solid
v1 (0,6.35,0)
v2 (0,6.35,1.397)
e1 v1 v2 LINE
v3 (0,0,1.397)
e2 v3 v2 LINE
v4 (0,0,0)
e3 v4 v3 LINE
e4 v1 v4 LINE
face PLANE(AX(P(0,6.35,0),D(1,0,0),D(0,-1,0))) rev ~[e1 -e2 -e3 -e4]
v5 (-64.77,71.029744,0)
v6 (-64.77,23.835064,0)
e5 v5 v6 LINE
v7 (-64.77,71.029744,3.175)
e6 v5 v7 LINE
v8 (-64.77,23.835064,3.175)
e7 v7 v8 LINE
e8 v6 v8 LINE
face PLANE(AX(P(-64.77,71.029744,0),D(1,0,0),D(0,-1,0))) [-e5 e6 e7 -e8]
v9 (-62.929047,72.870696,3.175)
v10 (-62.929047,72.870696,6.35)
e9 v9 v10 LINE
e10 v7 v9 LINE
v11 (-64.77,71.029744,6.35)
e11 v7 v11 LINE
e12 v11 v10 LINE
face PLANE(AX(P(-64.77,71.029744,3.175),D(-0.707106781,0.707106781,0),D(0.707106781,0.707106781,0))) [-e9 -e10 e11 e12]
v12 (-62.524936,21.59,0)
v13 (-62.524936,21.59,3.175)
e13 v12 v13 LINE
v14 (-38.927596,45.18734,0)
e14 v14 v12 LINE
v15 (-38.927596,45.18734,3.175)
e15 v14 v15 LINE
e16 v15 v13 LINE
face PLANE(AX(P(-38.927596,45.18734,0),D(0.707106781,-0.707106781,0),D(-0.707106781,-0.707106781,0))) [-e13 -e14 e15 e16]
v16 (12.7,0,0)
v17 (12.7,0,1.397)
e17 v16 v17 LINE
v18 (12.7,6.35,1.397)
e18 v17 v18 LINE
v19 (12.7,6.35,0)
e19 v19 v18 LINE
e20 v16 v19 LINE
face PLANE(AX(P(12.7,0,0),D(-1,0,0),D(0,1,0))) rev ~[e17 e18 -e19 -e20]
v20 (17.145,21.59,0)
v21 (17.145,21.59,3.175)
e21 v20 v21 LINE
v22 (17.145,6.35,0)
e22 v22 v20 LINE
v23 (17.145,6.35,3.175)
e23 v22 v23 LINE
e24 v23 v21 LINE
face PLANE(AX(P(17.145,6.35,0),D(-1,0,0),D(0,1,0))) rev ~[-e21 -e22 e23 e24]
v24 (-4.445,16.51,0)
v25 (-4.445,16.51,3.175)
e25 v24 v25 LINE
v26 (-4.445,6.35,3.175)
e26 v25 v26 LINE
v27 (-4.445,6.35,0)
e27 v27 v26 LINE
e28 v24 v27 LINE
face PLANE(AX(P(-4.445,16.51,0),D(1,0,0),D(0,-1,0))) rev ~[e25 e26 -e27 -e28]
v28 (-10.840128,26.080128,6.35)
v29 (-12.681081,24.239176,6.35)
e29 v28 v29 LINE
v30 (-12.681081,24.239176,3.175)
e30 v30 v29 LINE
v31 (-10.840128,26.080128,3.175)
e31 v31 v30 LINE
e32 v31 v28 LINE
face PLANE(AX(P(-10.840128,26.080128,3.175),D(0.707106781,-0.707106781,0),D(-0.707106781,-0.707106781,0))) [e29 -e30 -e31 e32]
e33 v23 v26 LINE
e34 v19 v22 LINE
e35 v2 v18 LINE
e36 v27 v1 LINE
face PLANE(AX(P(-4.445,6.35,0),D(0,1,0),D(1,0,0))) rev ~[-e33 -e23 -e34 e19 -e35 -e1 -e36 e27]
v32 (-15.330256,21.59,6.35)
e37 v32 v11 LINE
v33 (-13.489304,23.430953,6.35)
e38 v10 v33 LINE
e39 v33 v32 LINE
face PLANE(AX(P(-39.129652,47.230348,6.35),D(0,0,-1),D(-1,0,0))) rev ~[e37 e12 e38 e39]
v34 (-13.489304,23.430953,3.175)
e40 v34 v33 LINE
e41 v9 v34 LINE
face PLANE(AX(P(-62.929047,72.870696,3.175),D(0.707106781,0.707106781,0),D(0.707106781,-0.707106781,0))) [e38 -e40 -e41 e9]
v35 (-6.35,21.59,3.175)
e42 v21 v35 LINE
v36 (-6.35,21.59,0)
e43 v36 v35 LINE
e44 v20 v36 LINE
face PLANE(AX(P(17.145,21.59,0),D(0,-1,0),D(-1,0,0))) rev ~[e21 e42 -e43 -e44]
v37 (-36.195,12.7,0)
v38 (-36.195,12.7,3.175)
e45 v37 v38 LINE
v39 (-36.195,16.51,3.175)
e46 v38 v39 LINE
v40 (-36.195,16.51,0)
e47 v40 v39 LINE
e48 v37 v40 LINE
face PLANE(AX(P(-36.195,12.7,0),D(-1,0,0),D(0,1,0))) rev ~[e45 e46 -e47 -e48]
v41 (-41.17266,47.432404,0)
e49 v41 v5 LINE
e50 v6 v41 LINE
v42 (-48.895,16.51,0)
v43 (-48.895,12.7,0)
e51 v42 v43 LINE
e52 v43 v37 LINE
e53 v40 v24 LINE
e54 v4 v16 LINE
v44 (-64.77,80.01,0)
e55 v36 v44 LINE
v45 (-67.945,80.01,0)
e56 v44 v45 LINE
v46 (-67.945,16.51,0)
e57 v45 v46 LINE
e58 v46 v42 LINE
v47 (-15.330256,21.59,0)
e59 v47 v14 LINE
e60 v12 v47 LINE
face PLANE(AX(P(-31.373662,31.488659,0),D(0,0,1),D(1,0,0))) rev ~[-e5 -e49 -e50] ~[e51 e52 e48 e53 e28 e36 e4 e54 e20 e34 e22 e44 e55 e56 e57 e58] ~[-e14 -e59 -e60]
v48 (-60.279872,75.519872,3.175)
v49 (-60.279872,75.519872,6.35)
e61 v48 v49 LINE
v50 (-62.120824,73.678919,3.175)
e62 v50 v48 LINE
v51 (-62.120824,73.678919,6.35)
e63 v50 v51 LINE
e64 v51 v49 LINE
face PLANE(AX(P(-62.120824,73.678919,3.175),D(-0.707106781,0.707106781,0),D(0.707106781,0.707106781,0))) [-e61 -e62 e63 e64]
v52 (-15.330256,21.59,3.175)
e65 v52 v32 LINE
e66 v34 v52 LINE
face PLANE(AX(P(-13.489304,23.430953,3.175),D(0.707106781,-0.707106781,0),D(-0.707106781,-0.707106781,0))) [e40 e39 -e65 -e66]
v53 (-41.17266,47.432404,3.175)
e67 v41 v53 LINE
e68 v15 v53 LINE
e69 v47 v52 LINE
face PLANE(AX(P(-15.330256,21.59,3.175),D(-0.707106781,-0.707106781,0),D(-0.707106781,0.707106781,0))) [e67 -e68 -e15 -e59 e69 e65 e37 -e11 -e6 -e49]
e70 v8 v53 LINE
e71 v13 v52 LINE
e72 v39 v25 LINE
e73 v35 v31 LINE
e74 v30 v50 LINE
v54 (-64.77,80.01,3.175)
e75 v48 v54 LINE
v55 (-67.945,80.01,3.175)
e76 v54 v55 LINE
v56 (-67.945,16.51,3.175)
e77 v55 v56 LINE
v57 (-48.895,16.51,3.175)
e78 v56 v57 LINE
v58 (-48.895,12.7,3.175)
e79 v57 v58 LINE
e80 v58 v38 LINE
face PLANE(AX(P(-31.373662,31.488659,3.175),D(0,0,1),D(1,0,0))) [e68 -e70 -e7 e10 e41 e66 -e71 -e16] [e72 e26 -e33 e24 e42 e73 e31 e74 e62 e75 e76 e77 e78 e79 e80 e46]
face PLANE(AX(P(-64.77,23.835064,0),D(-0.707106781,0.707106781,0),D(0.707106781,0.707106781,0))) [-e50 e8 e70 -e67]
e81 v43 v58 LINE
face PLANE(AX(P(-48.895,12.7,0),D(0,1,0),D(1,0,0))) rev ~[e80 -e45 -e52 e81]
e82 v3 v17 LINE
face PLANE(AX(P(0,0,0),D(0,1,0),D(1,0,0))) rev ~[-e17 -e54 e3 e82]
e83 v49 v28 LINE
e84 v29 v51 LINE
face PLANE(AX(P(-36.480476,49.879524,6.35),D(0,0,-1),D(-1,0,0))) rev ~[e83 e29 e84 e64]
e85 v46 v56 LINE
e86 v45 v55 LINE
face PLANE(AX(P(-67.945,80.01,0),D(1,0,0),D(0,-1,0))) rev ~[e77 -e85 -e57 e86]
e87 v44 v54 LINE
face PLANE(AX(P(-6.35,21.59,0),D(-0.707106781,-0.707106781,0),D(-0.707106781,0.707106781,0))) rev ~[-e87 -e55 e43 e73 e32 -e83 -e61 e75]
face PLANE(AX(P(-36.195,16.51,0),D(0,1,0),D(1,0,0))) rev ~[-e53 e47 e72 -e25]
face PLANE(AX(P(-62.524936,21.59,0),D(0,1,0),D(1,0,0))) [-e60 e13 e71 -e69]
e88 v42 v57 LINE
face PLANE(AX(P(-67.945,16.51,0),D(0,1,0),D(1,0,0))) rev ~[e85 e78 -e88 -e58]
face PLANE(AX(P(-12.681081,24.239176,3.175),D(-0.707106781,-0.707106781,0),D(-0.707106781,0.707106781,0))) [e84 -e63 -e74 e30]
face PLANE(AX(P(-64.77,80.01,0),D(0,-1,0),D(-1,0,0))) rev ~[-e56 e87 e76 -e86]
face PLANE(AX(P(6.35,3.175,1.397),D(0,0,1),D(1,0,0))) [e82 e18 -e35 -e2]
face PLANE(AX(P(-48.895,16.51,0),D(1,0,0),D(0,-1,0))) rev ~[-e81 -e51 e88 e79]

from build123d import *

# Parameters (mm, degrees)
BOSS_EXTRUDE1_DEPTH = 3.175
SKETCH5_W           = 12.7
SKETCH5_H           = 6.35
CUT_EXTRUDE2_DEPTH  = 1.778
BOSS_EXTRUDE3_DEPTH = 3.175


with BuildPart() as part:
    # Sketch2 → Boss-Extrude1 (new body)
    with BuildSketch(Plane.XY):
        Polygon((0, 0), (12.7, 0), (12.7, 6.35), (17.145, 6.35), (17.145, 21.59), (-6.35, 21.59), (-64.77, 80.01), (-67.945, 80.01), (-67.945, 16.51), (-48.895, 16.51), (-48.895, 12.7), (-36.195, 12.7), (-36.195, 16.51), (-4.445, 16.51), (-4.445, 6.35), (0, 6.35), align=None)
        Polygon((-64.77, 71.029743879), (-64.77, 23.83506403), (-41.172660076, 47.432403955), align=None, mode=Mode.SUBTRACT)
        Polygon((-62.52493597, 21.59), (-15.330256121, 21.59), (-38.927596045, 45.187339924), align=None, mode=Mode.SUBTRACT)
    extrude(amount=BOSS_EXTRUDE1_DEPTH)

    # Sketch5 → Cut-Extrude2 (cut)
    with BuildSketch(Plane.XY.offset(3.175)):
        with Locations((6.35, 3.175)):
            Rectangle(SKETCH5_W, SKETCH5_H)
    extrude(amount=-CUT_EXTRUDE2_DEPTH, mode=Mode.SUBTRACT)

    # Sketch6 → Boss-Extrude3 (add)
    with BuildSketch(Plane.XY.offset(3.175)):
        Polygon((-15.330256121, 21.59), (-64.77, 71.029743879), (-62.929047495, 72.870696384), (-13.489303616, 23.430952505), align=None)
        Polygon((-10.840128061, 26.080128061), (-12.681080565, 24.239175556), (-62.120824444, 73.678919435), (-60.279871939, 75.519871939), align=None)
    extrude(amount=BOSS_EXTRUDE3_DEPTH)


solid = part.part
